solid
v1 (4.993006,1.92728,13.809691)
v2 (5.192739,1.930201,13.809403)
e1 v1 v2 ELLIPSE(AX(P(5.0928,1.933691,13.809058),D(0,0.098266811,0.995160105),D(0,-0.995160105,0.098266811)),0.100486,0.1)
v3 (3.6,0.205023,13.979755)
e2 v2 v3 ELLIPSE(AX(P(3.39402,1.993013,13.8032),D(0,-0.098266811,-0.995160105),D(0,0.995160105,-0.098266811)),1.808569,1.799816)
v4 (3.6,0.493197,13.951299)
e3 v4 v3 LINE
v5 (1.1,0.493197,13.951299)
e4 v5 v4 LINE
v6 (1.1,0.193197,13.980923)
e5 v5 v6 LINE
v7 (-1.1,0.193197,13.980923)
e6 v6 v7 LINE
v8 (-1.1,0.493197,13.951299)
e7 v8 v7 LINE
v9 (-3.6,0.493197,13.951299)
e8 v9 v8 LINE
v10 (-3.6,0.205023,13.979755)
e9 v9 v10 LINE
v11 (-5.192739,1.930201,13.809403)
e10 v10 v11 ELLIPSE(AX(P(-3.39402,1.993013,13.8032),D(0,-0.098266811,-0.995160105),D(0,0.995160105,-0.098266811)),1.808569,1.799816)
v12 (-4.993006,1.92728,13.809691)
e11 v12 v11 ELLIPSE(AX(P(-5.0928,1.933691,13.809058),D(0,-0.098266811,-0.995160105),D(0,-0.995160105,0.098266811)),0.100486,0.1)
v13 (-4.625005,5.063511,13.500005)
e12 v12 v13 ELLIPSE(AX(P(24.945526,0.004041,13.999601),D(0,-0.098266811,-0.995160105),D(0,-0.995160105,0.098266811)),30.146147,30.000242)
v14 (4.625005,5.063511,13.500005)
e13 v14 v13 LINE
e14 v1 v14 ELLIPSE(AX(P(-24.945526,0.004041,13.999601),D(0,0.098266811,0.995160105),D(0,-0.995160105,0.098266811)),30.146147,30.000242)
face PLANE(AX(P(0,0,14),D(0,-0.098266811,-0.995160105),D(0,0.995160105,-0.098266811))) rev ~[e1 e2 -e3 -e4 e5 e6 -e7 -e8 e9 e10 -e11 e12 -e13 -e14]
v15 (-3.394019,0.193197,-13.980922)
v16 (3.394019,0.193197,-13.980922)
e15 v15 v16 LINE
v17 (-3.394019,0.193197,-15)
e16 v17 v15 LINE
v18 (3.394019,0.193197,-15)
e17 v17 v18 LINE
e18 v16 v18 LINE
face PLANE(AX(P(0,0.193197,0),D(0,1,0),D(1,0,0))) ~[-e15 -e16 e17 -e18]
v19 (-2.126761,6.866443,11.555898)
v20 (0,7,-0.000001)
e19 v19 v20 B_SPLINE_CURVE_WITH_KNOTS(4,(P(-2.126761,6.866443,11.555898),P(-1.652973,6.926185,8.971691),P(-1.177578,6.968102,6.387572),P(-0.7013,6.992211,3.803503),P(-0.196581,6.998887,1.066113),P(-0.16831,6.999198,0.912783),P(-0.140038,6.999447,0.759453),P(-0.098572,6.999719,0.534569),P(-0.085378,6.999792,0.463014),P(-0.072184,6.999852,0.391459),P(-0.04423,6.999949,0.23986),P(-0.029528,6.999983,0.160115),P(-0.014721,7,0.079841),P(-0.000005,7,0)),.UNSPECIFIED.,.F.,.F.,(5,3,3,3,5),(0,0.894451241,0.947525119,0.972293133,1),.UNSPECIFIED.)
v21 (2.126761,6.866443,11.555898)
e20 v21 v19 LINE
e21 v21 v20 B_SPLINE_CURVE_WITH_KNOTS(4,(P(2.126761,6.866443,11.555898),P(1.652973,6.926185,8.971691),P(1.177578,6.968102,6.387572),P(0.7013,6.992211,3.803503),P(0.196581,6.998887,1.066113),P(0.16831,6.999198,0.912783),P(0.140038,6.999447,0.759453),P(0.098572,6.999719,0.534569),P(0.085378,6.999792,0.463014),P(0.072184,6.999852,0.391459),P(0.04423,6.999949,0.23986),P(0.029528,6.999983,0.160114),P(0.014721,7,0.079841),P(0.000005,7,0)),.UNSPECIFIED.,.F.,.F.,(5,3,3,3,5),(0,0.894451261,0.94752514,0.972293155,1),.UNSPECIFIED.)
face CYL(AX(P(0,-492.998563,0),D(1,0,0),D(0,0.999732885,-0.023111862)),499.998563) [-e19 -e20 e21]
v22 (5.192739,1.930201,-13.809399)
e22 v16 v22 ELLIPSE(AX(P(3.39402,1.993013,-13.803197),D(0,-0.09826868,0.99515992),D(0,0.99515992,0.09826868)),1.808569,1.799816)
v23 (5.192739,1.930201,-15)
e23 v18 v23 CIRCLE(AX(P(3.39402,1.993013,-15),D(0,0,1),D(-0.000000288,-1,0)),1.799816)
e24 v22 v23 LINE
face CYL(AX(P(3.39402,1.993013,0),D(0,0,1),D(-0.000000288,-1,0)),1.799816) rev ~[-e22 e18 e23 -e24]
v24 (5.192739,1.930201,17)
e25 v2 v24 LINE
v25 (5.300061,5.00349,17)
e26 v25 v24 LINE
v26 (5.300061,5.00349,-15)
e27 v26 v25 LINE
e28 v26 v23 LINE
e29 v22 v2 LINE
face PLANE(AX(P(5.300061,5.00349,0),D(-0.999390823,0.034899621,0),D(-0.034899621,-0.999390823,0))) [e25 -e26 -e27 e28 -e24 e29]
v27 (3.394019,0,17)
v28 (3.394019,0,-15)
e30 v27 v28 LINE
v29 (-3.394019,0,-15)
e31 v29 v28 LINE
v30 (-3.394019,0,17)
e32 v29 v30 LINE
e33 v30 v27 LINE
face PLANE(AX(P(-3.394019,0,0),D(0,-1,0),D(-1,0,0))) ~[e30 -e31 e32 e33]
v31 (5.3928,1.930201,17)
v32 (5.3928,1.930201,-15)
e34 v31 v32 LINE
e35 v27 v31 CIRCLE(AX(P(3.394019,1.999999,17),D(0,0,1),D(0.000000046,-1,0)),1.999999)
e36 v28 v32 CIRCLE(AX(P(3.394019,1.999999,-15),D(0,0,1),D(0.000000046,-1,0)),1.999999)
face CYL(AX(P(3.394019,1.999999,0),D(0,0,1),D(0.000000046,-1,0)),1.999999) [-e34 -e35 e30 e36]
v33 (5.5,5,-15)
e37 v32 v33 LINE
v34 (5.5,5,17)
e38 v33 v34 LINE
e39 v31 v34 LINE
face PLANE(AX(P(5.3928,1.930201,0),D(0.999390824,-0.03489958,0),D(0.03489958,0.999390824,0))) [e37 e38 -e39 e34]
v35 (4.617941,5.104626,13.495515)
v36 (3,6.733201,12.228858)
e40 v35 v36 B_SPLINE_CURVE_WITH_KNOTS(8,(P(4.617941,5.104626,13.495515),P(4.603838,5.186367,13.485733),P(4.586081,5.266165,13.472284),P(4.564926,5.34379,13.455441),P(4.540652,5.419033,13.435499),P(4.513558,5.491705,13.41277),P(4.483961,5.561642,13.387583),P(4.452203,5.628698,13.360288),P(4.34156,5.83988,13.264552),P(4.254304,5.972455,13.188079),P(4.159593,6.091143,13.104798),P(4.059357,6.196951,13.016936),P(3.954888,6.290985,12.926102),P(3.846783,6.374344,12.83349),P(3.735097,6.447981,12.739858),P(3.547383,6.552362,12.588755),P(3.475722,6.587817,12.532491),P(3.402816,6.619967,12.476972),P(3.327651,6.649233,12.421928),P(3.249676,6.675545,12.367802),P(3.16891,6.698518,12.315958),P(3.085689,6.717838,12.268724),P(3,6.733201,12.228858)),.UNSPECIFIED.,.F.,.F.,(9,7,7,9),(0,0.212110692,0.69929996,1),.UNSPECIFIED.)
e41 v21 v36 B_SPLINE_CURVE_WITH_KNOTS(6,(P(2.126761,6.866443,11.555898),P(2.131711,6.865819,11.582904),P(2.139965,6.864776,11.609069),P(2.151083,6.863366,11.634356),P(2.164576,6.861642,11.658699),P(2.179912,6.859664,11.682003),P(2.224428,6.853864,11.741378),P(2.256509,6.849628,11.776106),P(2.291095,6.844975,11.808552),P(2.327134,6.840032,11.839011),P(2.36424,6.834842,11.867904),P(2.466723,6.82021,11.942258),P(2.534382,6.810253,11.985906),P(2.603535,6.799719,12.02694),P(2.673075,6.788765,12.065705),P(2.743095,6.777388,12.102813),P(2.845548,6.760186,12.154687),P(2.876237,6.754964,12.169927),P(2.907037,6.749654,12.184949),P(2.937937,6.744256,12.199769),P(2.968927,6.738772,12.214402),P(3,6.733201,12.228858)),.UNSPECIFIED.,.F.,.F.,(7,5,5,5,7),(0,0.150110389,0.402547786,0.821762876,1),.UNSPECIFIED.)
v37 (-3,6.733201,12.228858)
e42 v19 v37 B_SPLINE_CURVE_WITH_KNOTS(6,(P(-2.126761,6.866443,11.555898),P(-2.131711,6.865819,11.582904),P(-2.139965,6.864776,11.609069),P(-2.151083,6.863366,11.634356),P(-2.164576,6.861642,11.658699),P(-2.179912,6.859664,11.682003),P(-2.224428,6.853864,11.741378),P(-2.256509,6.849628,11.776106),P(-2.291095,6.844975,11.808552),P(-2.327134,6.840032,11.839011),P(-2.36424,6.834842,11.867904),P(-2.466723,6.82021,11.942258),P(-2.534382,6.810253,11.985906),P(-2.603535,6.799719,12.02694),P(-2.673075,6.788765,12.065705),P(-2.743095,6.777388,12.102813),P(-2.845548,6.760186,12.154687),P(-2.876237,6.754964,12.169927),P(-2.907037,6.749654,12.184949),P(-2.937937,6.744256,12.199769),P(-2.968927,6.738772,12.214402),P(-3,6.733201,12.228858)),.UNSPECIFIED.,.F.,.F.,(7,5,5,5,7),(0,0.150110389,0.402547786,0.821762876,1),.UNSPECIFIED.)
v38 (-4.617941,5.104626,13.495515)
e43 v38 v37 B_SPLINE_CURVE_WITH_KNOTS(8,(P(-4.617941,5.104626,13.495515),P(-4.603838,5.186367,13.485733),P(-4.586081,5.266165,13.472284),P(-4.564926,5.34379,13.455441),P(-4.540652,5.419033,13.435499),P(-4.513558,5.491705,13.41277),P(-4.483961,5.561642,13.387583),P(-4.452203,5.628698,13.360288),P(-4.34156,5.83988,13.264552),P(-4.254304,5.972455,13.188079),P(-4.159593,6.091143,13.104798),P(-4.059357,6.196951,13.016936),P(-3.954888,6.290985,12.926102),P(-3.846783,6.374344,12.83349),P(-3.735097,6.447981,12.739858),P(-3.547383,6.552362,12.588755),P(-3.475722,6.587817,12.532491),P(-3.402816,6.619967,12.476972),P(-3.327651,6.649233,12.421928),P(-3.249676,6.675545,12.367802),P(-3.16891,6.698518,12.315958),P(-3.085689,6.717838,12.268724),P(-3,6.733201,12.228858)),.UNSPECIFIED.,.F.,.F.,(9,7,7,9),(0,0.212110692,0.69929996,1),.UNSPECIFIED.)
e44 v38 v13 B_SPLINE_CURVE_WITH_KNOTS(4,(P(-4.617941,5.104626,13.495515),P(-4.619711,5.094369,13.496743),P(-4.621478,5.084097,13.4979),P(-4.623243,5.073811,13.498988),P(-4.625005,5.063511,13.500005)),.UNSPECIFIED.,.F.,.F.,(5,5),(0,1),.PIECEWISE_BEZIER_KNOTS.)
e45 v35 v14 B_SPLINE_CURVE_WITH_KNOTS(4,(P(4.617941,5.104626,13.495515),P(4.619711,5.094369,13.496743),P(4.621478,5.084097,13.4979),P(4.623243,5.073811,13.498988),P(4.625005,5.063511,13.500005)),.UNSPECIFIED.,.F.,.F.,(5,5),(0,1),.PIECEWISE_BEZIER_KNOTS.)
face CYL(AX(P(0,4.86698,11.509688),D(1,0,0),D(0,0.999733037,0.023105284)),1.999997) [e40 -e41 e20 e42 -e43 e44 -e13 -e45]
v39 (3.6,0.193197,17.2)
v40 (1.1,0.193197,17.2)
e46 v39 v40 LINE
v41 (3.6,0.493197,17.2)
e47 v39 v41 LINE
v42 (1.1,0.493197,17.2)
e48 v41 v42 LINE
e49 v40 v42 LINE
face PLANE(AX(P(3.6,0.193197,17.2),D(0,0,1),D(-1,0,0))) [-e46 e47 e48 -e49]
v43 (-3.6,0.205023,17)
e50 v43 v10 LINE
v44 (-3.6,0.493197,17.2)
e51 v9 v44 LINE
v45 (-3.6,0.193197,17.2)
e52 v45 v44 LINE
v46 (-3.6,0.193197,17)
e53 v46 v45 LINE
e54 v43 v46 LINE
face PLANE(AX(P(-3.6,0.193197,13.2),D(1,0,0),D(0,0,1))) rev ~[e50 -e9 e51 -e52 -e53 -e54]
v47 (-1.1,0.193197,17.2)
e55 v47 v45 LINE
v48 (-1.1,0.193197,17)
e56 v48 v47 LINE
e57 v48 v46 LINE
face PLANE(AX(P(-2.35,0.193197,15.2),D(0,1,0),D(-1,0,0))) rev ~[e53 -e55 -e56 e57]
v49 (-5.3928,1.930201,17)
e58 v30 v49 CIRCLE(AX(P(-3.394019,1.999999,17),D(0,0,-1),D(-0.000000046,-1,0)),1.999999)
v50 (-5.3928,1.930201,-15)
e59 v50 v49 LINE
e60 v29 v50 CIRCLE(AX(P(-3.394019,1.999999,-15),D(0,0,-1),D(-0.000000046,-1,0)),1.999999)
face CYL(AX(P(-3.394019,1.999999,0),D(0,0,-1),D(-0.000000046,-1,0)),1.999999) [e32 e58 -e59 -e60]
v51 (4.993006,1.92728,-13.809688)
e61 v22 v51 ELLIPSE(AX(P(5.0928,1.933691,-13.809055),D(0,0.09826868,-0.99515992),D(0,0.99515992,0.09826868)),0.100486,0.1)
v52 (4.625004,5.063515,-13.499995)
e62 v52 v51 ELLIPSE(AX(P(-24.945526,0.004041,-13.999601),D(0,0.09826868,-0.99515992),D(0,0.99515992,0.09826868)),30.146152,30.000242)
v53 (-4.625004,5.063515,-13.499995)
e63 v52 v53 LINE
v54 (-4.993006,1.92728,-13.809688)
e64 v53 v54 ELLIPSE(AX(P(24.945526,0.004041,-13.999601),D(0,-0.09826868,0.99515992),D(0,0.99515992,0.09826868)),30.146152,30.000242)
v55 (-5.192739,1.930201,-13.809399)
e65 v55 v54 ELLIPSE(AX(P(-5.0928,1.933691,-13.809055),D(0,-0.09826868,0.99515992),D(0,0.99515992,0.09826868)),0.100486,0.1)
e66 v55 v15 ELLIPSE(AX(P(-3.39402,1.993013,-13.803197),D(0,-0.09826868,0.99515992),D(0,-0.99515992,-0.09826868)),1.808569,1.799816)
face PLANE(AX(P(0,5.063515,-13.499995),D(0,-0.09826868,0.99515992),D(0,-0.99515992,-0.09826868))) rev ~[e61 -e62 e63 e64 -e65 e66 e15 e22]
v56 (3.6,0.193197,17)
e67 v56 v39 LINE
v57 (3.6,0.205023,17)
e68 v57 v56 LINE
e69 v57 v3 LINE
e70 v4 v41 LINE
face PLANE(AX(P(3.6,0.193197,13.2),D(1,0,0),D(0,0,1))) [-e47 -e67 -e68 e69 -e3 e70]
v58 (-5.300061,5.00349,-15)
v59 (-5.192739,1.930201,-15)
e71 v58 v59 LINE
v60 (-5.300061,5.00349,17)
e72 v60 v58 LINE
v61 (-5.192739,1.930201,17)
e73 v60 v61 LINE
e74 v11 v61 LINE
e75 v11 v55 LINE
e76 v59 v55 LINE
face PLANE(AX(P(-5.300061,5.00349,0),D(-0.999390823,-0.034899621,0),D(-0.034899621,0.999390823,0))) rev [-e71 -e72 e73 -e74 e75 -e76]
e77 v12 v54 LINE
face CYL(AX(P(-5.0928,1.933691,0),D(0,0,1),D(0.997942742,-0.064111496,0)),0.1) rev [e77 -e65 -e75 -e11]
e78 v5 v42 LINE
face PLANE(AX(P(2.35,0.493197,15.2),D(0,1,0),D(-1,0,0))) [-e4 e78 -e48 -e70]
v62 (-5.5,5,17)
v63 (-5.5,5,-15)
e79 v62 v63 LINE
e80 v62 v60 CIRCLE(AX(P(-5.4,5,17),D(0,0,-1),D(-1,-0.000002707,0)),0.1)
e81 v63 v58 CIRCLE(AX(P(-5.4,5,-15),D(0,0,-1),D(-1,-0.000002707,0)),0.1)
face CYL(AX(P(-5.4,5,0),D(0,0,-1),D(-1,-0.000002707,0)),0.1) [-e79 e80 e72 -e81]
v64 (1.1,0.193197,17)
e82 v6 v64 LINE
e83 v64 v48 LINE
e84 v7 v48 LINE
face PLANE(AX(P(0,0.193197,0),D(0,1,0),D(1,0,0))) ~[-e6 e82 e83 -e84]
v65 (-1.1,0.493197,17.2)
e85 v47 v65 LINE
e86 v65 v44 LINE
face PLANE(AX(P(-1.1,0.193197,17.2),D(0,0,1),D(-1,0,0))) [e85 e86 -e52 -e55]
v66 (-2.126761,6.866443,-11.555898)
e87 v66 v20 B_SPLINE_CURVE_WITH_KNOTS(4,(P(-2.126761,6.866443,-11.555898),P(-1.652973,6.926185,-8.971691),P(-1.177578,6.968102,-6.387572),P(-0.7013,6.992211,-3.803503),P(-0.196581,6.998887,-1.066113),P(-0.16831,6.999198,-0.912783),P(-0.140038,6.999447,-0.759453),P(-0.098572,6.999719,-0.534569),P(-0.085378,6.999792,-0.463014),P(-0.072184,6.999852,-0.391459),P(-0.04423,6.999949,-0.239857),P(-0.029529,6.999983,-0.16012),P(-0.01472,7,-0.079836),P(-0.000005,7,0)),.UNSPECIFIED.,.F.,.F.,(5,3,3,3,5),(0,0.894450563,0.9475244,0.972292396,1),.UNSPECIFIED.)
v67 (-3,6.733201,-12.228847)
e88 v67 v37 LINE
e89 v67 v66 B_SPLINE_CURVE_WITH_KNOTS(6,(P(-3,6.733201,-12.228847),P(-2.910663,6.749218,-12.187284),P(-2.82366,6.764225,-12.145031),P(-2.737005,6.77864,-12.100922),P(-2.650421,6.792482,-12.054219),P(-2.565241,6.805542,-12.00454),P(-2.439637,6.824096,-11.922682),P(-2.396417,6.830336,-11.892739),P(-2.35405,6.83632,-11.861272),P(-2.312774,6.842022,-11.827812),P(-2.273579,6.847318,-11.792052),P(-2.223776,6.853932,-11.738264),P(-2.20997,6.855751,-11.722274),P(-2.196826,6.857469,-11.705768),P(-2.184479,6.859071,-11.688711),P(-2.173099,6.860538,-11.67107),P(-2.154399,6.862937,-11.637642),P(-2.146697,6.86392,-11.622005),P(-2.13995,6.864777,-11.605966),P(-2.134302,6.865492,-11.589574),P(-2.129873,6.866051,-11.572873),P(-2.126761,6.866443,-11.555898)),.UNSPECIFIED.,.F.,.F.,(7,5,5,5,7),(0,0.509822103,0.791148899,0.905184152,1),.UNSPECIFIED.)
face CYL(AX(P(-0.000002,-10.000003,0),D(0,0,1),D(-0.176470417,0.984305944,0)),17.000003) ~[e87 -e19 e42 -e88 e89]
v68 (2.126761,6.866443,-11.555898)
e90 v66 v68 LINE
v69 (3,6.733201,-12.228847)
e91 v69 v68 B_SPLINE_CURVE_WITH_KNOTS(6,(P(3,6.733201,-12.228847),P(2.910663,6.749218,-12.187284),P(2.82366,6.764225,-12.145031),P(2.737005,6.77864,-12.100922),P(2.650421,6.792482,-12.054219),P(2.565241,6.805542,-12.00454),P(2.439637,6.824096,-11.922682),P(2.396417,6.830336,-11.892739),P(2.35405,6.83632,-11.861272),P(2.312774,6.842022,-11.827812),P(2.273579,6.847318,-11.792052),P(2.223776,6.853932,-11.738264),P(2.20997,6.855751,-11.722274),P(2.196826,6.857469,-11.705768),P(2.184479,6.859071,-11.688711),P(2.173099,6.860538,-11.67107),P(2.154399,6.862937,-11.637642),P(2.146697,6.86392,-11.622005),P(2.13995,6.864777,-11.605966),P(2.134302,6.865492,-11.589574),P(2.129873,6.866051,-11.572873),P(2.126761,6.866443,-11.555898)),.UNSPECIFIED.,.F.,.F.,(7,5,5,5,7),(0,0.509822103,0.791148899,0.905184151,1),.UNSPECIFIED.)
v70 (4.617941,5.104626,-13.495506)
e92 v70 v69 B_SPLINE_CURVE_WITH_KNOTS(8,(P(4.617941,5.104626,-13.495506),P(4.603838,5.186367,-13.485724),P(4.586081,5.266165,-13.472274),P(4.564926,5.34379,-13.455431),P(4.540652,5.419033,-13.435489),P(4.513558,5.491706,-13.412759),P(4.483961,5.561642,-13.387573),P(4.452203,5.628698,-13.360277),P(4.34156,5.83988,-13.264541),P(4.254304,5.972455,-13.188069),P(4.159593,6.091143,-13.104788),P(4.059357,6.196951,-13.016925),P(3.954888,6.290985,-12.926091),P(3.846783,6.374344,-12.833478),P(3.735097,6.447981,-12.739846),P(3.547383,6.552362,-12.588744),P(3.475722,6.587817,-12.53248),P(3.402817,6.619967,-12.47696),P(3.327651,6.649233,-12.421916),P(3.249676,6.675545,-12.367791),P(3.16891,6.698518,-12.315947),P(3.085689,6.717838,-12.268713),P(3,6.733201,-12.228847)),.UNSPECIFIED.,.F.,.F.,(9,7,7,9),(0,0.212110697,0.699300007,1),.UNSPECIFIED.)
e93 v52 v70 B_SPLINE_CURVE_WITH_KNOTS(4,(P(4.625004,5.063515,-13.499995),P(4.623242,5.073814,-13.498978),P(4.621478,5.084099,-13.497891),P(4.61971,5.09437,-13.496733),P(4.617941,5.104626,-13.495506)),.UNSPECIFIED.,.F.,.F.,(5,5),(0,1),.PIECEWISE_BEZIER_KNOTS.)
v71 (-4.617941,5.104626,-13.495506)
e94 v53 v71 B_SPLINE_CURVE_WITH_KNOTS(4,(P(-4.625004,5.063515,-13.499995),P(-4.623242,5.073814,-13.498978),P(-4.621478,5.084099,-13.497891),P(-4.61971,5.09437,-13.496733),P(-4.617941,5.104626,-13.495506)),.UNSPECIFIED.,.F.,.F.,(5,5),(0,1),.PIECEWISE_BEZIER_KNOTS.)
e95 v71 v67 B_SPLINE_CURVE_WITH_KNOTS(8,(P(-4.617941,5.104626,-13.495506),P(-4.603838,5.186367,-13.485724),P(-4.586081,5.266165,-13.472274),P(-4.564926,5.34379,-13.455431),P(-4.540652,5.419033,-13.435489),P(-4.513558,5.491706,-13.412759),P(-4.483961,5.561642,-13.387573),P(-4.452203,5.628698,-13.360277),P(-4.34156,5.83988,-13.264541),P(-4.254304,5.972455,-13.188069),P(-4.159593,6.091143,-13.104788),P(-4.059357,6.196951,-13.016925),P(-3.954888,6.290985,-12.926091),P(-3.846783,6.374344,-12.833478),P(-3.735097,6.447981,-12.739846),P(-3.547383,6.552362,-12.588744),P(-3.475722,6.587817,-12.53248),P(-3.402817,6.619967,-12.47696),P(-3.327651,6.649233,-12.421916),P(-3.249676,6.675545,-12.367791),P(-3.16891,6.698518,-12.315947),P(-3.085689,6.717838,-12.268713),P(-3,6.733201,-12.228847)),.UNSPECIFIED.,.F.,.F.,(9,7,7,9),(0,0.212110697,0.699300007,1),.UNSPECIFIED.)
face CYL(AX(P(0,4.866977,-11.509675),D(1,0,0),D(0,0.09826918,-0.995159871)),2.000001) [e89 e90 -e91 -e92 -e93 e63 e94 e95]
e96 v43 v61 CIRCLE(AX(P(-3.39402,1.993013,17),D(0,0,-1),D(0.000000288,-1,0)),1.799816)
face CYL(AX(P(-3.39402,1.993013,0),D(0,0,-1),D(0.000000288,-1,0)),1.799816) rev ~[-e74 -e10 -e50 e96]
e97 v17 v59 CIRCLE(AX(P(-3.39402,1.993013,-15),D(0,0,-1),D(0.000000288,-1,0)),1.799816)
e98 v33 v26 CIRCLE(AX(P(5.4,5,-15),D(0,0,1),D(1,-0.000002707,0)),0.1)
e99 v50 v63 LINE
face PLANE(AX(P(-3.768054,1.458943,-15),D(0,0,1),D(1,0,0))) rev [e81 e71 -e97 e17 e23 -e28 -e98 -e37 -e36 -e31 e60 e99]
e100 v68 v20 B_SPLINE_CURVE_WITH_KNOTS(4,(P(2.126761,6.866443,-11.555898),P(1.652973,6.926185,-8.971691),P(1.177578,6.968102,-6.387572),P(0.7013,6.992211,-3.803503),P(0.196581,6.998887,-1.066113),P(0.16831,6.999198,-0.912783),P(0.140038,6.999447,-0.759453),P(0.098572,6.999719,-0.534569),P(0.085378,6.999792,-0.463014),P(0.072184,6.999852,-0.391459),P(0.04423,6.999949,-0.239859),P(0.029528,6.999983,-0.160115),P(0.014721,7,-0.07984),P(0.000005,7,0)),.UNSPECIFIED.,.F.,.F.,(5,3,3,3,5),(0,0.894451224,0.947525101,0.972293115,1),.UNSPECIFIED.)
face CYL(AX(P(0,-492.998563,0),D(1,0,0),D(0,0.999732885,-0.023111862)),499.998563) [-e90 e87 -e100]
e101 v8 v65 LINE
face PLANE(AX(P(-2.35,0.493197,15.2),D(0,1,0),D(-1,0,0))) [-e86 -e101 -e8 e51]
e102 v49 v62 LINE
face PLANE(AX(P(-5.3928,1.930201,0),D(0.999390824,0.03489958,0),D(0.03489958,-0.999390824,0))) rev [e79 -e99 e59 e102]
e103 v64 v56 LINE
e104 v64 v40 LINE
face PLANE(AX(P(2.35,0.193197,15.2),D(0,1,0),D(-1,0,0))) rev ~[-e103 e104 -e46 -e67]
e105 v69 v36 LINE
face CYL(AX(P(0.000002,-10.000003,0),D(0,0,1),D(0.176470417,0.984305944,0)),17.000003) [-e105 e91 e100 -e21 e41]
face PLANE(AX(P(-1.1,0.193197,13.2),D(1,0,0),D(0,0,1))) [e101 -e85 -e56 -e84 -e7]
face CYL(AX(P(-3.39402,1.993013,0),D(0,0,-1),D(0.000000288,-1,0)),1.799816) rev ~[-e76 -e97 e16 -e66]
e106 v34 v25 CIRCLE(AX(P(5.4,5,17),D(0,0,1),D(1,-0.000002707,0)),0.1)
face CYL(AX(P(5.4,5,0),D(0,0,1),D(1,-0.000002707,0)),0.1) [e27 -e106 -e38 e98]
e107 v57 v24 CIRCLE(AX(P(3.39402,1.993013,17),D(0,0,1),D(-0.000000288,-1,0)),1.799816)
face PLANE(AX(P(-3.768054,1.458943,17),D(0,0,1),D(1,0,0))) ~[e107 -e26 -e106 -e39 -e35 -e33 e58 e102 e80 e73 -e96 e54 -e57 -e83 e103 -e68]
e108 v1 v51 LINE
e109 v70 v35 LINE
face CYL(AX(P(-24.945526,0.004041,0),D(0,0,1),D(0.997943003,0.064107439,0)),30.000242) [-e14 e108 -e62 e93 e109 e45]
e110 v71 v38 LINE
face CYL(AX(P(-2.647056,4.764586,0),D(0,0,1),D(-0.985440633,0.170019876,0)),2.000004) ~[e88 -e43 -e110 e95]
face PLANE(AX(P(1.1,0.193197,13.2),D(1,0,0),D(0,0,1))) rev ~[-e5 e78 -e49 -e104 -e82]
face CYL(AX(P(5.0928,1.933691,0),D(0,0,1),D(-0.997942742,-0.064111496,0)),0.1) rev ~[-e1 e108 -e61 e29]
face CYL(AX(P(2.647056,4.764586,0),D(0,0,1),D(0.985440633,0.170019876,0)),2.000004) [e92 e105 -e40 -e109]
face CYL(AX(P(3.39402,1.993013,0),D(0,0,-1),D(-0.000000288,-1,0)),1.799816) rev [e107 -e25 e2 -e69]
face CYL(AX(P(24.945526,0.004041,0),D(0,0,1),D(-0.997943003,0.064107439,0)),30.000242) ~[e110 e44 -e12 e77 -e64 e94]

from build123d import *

# Parameters (mm, degrees)
PAD_DEPTH         = 14
POCKET_DEPTH      = 5.501
POCKET_DEPTH_BACK = 5.501
PAD001_DEPTH      = 17
PAD001_DEPTH_BACK = 15
SKETCH003_W       = 2.5
SKETCH003_H       = 4
PAD002_DEPTH      = 0.3


with BuildPart() as part:
    # Sketch → Pad (new body, symmetric)
    with BuildSketch(Plane.XY):
        with BuildLine():
            ThreePointArc((4.993006, 1.92728), (4.84786, 3.520957), (4.617941, 5.104626))
            ThreePointArc((4.617941, 5.104626), (4.065897, 6.174162), (3, 6.733201))
            ThreePointArc((3, 6.733201), (1.50592, 6.933169), (0, 7))
            Line((0, 7), (0, 0))
            Line((3.394019, 0), (0, 0))
            ThreePointArc((3.394019, 0), (4.783335, 0.56132), (5.3928, 1.930201))
            Line((5.3928, 1.930201), (5.5, 5))
            ThreePointArc((5.5, 5), (5.401745, 5.099985), (5.300061, 5.00349))
            Line((5.300061, 5.00349), (5.192739, 1.930201))
            ThreePointArc((4.993006, 1.92728), (5.094262, 1.833702), (5.192739, 1.930201))
        make_face()
    pad = extrude(amount=PAD_DEPTH, both=True)

    # Mirrored: Pad across Sketch V_Axis
    add(pad.mirror(Plane(origin=(0, 0, 0), x_dir=(0, 0, 1), z_dir=(1, 0, 0))))

    # Sketch001 → Pocket (cut, two sides)
    with BuildSketch(Plane.YZ) as pocket_sk:
        with BuildLine():
            Line((0, 14), (5.063511, 13.500005))
            ThreePointArc((6.866443, 11.555898), (6.333433, 12.869652), (5.063511, 13.500005))
            ThreePointArc((6.866443, -11.555898), (7, 0), (6.866443, 11.555898))
            ThreePointArc((5.063515, -13.499995), (6.333431, -12.869643), (6.866443, -11.555898))
            Line((5.063515, -13.499995), (0, -14))
            Line((0, -14), (0, -19))
            Line((0, -19), (10, -19))
            Line((10, -19), (10, 19))
            Line((10, 19), (0, 19))
            Line((0, 19), (0, 14))
        make_face()
    extrude(amount=-POCKET_DEPTH, mode=Mode.SUBTRACT)
    extrude(pocket_sk.sketch, amount=POCKET_DEPTH_BACK, mode=Mode.SUBTRACT)

    # Sketch002 → Pad001 (join, two sides)
    with BuildSketch(Plane.XY) as pad001_sk:
        with BuildLine():
            Line((5.3928, 1.930201), (5.5, 5))
            ThreePointArc((5.5, 5), (5.401745, 5.099985), (5.300061, 5.00349))
            Line((5.300061, 5.00349), (5.192739, 1.930201))
            ThreePointArc((3.394019, 0.193197), (4.644277, 0.698334), (5.192739, 1.930201))
            Line((0, 0.193197), (3.394019, 0.193197))
            Line((0, 0.193197), (0, 0))
            Line((3.394019, 0), (0, 0))
            ThreePointArc((3.394019, 0), (4.783335, 0.56132), (5.3928, 1.930201))
        make_face()
    pad001 = extrude(amount=PAD001_DEPTH) + extrude(pad001_sk.sketch, amount=-PAD001_DEPTH_BACK)

    # Mirrored001: Pad001 across Sketch002 V_Axis
    add(pad001.mirror(Plane(origin=(0, 0, 0), x_dir=(0, 0, 1), z_dir=(1, 0, 0))))

    # Sketch003 (on Face22 of Mirrored001) → Pad002 (join)
    with BuildSketch(Plane(origin=(0, 0.193197, 0), x_dir=(-1, 0, 0), z_dir=(0, 1, 0))):
        with Locations((-2.35, 15.2)):
            Rectangle(SKETCH003_W, SKETCH003_H)
        with Locations((2.35, 15.2)):
            Rectangle(SKETCH003_W, SKETCH003_H)
    extrude(amount=PAD002_DEPTH)


solid = part.part
